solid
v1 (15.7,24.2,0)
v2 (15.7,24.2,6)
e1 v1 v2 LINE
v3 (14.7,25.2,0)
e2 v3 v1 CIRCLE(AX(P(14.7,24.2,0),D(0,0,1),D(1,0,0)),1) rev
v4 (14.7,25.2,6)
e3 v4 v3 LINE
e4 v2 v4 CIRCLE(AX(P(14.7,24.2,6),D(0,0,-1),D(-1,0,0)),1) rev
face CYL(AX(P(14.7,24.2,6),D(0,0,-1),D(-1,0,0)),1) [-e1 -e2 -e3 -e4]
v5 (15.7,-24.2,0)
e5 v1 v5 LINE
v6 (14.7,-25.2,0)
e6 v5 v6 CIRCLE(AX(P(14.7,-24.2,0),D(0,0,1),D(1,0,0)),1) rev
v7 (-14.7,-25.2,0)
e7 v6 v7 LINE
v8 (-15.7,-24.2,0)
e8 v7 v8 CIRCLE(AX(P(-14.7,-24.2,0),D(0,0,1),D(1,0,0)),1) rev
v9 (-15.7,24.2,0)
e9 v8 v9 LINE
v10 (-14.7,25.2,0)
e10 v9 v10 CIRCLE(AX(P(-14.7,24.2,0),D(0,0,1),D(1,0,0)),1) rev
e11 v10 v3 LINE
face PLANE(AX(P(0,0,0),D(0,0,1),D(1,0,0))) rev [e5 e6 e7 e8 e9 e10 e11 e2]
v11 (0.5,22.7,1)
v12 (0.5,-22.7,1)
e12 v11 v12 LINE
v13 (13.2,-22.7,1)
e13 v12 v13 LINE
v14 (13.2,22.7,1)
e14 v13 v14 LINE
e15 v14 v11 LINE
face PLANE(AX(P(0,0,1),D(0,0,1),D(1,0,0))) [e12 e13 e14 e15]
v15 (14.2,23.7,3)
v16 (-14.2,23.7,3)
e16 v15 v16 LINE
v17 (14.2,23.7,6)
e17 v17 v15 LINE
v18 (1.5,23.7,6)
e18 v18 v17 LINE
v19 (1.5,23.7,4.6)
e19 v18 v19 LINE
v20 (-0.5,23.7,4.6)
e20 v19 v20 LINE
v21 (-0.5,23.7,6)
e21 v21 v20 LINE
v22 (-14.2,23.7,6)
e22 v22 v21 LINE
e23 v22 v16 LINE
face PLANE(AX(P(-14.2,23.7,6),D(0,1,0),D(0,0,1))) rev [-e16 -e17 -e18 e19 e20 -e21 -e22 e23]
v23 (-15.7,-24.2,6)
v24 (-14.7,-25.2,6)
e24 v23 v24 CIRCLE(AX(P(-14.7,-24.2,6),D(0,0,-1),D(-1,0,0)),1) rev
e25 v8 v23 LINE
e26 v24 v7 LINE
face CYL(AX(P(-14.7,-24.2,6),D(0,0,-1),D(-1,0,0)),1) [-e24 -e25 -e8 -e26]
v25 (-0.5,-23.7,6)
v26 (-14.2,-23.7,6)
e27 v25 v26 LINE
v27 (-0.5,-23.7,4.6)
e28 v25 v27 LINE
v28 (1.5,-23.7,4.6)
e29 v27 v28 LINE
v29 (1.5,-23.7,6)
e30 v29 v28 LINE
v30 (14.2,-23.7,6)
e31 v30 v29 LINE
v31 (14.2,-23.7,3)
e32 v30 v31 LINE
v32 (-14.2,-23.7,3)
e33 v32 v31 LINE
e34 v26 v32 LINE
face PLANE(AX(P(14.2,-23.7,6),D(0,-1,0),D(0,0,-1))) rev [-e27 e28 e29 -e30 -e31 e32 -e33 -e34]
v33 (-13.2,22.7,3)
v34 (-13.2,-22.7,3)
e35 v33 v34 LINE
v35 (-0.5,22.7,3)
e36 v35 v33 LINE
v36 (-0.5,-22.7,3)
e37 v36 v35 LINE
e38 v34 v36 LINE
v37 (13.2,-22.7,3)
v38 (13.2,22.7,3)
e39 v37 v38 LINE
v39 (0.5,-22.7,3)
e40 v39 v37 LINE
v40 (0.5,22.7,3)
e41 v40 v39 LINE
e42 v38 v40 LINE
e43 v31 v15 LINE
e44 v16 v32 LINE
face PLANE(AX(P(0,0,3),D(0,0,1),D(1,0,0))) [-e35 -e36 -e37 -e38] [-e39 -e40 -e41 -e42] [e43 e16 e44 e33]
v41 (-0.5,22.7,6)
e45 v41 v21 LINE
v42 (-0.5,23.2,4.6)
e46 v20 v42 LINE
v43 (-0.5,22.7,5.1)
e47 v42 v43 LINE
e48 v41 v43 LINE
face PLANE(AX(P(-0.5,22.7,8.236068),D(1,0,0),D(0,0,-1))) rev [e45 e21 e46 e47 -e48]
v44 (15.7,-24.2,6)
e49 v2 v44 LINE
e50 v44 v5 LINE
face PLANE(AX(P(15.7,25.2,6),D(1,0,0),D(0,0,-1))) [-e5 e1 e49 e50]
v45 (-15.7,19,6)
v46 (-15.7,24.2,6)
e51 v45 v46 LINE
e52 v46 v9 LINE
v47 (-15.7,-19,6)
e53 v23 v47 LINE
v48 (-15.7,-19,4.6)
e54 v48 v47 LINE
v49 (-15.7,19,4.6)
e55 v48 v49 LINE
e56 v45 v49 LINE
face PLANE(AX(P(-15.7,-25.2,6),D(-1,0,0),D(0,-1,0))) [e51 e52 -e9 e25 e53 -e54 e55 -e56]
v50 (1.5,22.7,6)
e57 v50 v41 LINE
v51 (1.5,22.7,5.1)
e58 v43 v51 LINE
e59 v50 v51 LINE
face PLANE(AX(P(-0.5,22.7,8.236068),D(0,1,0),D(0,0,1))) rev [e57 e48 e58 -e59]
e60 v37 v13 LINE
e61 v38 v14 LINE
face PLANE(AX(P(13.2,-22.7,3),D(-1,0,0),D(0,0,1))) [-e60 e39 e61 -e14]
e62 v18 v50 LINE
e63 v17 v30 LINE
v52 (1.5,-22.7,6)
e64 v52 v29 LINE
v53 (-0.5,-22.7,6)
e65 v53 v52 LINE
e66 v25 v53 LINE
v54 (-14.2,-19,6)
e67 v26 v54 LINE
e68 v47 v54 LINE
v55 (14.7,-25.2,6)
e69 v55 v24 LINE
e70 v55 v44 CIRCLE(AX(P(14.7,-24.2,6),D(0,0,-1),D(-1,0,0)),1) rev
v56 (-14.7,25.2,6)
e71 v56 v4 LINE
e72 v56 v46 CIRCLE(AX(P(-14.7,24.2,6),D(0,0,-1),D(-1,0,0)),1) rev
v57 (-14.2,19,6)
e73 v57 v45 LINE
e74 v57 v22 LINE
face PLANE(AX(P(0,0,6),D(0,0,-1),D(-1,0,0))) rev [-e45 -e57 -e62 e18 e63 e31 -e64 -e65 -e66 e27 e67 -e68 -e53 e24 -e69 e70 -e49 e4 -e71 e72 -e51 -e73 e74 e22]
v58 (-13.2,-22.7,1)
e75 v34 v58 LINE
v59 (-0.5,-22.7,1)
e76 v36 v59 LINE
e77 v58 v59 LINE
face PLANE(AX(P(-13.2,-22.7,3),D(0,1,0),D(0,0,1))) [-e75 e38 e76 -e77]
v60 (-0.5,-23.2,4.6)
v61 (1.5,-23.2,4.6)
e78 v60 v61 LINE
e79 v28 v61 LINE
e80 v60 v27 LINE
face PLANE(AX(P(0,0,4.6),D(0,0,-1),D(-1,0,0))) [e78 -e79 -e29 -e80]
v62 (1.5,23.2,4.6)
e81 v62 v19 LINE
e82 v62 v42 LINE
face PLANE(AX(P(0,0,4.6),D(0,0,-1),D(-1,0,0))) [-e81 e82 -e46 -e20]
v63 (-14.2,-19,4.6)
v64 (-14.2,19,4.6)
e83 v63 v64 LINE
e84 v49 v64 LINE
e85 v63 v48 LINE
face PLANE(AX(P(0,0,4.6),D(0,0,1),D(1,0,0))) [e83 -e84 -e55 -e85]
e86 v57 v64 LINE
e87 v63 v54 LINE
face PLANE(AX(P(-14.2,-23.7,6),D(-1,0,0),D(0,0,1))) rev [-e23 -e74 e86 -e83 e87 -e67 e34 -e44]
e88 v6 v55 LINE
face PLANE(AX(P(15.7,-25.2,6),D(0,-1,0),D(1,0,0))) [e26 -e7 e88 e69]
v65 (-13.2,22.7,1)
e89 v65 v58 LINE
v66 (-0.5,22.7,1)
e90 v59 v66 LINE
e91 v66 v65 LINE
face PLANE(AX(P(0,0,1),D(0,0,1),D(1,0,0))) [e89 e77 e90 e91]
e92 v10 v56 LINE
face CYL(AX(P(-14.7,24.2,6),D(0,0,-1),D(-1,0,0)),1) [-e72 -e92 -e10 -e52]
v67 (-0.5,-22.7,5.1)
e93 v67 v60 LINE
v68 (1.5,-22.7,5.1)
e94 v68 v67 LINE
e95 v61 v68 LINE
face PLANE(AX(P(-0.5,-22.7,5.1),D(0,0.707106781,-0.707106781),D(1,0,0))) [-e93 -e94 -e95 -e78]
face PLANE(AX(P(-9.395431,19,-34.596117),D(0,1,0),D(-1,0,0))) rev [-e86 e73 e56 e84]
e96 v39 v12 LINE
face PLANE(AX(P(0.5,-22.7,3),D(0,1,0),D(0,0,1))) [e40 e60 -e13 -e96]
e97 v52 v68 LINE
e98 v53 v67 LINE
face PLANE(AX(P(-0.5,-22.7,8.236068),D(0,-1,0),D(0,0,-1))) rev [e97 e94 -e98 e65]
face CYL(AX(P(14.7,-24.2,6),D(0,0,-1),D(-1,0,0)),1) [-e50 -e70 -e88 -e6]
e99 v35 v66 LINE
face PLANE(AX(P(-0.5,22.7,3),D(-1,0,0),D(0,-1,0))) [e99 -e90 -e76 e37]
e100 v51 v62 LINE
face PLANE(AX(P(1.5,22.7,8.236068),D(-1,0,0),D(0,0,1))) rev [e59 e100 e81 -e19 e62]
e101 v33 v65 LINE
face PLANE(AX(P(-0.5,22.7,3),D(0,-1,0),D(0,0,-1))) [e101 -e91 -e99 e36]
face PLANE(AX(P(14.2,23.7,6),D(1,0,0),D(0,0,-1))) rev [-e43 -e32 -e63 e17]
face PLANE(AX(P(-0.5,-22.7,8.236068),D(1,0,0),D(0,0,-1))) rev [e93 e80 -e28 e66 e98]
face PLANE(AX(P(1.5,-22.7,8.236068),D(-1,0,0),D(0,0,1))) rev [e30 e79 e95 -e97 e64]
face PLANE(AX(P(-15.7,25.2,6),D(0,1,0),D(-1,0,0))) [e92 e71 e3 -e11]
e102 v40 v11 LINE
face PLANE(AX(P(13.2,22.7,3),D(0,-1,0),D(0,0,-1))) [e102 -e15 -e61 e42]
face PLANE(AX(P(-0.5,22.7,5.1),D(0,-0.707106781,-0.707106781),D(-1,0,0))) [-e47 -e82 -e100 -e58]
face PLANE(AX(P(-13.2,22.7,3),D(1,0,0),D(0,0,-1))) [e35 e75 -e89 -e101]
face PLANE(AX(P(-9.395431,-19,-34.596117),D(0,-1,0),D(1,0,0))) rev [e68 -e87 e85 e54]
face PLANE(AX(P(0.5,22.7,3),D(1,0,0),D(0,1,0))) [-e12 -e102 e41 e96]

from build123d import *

# Parameters (mm, degrees)
SKETCH1_W           = 47.4
SKETCH1_H           = 28.4
BOSS_EXTRUDE1_DEPTH = 1
SKETCH2_W           = 31.4
SKETCH2_H           = 50.4
SKETCH2_W_2         = 28.4
SKETCH2_H_2         = 47.4
BOSS_EXTRUDE2_DEPTH = 6
SKETCH3_W           = 28.4
SKETCH3_H           = 47.4
SKETCH3_W_2         = 12.7
SKETCH3_H_2         = 45.4
BOSS_EXTRUDE3_DEPTH = 2
SKETCH4_W           = 2
SKETCH4_H           = 1
BOSS_EXTRUDE4_DEPTH = 1.4
CHAMFER1_SIZE       = 0.5
CUT_EXTRUDE1_START  = -1.4
SKETCH5_W           = 9.609138978
SKETCH5_H           = 38
CUT_EXTRUDE1_DEPTH  = 1.4
FILLET1_R           = 1


with BuildPart() as part:
    # Sketch1 → Boss-Extrude1 (new body)
    with BuildSketch(Plane(origin=(0, 0, 0), x_dir=(0, 1, 0), z_dir=(0, 0, 1))):
        Rectangle(SKETCH1_W, SKETCH1_H)
    extrude(amount=BOSS_EXTRUDE1_DEPTH)



with BuildPart() as body_2:
    # Sketch2 → Boss-Extrude2 (new body)
    with BuildSketch(Plane(origin=(0, 0, 0), x_dir=(1, 0, 0), z_dir=(0, 0, -1))):
        Rectangle(SKETCH2_W, SKETCH2_H)
        Rectangle(SKETCH2_W_2, SKETCH2_H_2, mode=Mode.SUBTRACT)
    extrude(amount=-BOSS_EXTRUDE2_DEPTH)


with BuildPart() as part_1:
    add(part.part)

    add(body_2.part)  # Boss-Extrude3 merges body 2
    # Sketch3 → Boss-Extrude3 (add)
    with BuildSketch(Plane.XY.offset(1)):
        Rectangle(SKETCH3_W, SKETCH3_H)
        with Locations((-6.85, 0)):
            Rectangle(SKETCH3_W_2, SKETCH3_H_2, mode=Mode.SUBTRACT)
        with Locations((6.85, 0)):
            Rectangle(SKETCH3_W_2, SKETCH3_H_2, mode=Mode.SUBTRACT)
    extrude(amount=BOSS_EXTRUDE3_DEPTH)

    # Sketch4 → Boss-Extrude4 (add)
    with BuildSketch(Plane.XY.offset(4.6)):
        with Locations((0.5, 23.2)):
            Rectangle(SKETCH4_W, SKETCH4_H)
        with Locations((0.5, -23.2)):
            Rectangle(SKETCH4_W, SKETCH4_H)
    extrude(amount=BOSS_EXTRUDE4_DEPTH)

    # Chamfer1
    chamfer1_edges = [part_1.edges().sort_by_distance(p)[0] for p in [
        (0.5, 22.7, 4.6),
        (0.5, -22.7, 4.6),
    ]]
    chamfer(chamfer1_edges, length=CHAMFER1_SIZE)

    # Sketch5 → Cut-Extrude1 (cut)
    with BuildSketch(Plane.XY.offset(6).offset(CUT_EXTRUDE1_START)):
        with Locations((-14.2, 0)):
            Rectangle(SKETCH5_W, SKETCH5_H)
    extrude(amount=CUT_EXTRUDE1_DEPTH, mode=Mode.SUBTRACT)

    # Fillet1
    fillet1_edges = [part_1.edges().sort_by_distance(p)[0] for p in [
        (-15.7, -25.2, 3),
        (15.7, -25.2, 3),
        (15.7, 25.2, 3),
        (-15.7, 25.2, 3),
    ]]
    fillet(fillet1_edges, radius=FILLET1_R)


solid = part_1.part
